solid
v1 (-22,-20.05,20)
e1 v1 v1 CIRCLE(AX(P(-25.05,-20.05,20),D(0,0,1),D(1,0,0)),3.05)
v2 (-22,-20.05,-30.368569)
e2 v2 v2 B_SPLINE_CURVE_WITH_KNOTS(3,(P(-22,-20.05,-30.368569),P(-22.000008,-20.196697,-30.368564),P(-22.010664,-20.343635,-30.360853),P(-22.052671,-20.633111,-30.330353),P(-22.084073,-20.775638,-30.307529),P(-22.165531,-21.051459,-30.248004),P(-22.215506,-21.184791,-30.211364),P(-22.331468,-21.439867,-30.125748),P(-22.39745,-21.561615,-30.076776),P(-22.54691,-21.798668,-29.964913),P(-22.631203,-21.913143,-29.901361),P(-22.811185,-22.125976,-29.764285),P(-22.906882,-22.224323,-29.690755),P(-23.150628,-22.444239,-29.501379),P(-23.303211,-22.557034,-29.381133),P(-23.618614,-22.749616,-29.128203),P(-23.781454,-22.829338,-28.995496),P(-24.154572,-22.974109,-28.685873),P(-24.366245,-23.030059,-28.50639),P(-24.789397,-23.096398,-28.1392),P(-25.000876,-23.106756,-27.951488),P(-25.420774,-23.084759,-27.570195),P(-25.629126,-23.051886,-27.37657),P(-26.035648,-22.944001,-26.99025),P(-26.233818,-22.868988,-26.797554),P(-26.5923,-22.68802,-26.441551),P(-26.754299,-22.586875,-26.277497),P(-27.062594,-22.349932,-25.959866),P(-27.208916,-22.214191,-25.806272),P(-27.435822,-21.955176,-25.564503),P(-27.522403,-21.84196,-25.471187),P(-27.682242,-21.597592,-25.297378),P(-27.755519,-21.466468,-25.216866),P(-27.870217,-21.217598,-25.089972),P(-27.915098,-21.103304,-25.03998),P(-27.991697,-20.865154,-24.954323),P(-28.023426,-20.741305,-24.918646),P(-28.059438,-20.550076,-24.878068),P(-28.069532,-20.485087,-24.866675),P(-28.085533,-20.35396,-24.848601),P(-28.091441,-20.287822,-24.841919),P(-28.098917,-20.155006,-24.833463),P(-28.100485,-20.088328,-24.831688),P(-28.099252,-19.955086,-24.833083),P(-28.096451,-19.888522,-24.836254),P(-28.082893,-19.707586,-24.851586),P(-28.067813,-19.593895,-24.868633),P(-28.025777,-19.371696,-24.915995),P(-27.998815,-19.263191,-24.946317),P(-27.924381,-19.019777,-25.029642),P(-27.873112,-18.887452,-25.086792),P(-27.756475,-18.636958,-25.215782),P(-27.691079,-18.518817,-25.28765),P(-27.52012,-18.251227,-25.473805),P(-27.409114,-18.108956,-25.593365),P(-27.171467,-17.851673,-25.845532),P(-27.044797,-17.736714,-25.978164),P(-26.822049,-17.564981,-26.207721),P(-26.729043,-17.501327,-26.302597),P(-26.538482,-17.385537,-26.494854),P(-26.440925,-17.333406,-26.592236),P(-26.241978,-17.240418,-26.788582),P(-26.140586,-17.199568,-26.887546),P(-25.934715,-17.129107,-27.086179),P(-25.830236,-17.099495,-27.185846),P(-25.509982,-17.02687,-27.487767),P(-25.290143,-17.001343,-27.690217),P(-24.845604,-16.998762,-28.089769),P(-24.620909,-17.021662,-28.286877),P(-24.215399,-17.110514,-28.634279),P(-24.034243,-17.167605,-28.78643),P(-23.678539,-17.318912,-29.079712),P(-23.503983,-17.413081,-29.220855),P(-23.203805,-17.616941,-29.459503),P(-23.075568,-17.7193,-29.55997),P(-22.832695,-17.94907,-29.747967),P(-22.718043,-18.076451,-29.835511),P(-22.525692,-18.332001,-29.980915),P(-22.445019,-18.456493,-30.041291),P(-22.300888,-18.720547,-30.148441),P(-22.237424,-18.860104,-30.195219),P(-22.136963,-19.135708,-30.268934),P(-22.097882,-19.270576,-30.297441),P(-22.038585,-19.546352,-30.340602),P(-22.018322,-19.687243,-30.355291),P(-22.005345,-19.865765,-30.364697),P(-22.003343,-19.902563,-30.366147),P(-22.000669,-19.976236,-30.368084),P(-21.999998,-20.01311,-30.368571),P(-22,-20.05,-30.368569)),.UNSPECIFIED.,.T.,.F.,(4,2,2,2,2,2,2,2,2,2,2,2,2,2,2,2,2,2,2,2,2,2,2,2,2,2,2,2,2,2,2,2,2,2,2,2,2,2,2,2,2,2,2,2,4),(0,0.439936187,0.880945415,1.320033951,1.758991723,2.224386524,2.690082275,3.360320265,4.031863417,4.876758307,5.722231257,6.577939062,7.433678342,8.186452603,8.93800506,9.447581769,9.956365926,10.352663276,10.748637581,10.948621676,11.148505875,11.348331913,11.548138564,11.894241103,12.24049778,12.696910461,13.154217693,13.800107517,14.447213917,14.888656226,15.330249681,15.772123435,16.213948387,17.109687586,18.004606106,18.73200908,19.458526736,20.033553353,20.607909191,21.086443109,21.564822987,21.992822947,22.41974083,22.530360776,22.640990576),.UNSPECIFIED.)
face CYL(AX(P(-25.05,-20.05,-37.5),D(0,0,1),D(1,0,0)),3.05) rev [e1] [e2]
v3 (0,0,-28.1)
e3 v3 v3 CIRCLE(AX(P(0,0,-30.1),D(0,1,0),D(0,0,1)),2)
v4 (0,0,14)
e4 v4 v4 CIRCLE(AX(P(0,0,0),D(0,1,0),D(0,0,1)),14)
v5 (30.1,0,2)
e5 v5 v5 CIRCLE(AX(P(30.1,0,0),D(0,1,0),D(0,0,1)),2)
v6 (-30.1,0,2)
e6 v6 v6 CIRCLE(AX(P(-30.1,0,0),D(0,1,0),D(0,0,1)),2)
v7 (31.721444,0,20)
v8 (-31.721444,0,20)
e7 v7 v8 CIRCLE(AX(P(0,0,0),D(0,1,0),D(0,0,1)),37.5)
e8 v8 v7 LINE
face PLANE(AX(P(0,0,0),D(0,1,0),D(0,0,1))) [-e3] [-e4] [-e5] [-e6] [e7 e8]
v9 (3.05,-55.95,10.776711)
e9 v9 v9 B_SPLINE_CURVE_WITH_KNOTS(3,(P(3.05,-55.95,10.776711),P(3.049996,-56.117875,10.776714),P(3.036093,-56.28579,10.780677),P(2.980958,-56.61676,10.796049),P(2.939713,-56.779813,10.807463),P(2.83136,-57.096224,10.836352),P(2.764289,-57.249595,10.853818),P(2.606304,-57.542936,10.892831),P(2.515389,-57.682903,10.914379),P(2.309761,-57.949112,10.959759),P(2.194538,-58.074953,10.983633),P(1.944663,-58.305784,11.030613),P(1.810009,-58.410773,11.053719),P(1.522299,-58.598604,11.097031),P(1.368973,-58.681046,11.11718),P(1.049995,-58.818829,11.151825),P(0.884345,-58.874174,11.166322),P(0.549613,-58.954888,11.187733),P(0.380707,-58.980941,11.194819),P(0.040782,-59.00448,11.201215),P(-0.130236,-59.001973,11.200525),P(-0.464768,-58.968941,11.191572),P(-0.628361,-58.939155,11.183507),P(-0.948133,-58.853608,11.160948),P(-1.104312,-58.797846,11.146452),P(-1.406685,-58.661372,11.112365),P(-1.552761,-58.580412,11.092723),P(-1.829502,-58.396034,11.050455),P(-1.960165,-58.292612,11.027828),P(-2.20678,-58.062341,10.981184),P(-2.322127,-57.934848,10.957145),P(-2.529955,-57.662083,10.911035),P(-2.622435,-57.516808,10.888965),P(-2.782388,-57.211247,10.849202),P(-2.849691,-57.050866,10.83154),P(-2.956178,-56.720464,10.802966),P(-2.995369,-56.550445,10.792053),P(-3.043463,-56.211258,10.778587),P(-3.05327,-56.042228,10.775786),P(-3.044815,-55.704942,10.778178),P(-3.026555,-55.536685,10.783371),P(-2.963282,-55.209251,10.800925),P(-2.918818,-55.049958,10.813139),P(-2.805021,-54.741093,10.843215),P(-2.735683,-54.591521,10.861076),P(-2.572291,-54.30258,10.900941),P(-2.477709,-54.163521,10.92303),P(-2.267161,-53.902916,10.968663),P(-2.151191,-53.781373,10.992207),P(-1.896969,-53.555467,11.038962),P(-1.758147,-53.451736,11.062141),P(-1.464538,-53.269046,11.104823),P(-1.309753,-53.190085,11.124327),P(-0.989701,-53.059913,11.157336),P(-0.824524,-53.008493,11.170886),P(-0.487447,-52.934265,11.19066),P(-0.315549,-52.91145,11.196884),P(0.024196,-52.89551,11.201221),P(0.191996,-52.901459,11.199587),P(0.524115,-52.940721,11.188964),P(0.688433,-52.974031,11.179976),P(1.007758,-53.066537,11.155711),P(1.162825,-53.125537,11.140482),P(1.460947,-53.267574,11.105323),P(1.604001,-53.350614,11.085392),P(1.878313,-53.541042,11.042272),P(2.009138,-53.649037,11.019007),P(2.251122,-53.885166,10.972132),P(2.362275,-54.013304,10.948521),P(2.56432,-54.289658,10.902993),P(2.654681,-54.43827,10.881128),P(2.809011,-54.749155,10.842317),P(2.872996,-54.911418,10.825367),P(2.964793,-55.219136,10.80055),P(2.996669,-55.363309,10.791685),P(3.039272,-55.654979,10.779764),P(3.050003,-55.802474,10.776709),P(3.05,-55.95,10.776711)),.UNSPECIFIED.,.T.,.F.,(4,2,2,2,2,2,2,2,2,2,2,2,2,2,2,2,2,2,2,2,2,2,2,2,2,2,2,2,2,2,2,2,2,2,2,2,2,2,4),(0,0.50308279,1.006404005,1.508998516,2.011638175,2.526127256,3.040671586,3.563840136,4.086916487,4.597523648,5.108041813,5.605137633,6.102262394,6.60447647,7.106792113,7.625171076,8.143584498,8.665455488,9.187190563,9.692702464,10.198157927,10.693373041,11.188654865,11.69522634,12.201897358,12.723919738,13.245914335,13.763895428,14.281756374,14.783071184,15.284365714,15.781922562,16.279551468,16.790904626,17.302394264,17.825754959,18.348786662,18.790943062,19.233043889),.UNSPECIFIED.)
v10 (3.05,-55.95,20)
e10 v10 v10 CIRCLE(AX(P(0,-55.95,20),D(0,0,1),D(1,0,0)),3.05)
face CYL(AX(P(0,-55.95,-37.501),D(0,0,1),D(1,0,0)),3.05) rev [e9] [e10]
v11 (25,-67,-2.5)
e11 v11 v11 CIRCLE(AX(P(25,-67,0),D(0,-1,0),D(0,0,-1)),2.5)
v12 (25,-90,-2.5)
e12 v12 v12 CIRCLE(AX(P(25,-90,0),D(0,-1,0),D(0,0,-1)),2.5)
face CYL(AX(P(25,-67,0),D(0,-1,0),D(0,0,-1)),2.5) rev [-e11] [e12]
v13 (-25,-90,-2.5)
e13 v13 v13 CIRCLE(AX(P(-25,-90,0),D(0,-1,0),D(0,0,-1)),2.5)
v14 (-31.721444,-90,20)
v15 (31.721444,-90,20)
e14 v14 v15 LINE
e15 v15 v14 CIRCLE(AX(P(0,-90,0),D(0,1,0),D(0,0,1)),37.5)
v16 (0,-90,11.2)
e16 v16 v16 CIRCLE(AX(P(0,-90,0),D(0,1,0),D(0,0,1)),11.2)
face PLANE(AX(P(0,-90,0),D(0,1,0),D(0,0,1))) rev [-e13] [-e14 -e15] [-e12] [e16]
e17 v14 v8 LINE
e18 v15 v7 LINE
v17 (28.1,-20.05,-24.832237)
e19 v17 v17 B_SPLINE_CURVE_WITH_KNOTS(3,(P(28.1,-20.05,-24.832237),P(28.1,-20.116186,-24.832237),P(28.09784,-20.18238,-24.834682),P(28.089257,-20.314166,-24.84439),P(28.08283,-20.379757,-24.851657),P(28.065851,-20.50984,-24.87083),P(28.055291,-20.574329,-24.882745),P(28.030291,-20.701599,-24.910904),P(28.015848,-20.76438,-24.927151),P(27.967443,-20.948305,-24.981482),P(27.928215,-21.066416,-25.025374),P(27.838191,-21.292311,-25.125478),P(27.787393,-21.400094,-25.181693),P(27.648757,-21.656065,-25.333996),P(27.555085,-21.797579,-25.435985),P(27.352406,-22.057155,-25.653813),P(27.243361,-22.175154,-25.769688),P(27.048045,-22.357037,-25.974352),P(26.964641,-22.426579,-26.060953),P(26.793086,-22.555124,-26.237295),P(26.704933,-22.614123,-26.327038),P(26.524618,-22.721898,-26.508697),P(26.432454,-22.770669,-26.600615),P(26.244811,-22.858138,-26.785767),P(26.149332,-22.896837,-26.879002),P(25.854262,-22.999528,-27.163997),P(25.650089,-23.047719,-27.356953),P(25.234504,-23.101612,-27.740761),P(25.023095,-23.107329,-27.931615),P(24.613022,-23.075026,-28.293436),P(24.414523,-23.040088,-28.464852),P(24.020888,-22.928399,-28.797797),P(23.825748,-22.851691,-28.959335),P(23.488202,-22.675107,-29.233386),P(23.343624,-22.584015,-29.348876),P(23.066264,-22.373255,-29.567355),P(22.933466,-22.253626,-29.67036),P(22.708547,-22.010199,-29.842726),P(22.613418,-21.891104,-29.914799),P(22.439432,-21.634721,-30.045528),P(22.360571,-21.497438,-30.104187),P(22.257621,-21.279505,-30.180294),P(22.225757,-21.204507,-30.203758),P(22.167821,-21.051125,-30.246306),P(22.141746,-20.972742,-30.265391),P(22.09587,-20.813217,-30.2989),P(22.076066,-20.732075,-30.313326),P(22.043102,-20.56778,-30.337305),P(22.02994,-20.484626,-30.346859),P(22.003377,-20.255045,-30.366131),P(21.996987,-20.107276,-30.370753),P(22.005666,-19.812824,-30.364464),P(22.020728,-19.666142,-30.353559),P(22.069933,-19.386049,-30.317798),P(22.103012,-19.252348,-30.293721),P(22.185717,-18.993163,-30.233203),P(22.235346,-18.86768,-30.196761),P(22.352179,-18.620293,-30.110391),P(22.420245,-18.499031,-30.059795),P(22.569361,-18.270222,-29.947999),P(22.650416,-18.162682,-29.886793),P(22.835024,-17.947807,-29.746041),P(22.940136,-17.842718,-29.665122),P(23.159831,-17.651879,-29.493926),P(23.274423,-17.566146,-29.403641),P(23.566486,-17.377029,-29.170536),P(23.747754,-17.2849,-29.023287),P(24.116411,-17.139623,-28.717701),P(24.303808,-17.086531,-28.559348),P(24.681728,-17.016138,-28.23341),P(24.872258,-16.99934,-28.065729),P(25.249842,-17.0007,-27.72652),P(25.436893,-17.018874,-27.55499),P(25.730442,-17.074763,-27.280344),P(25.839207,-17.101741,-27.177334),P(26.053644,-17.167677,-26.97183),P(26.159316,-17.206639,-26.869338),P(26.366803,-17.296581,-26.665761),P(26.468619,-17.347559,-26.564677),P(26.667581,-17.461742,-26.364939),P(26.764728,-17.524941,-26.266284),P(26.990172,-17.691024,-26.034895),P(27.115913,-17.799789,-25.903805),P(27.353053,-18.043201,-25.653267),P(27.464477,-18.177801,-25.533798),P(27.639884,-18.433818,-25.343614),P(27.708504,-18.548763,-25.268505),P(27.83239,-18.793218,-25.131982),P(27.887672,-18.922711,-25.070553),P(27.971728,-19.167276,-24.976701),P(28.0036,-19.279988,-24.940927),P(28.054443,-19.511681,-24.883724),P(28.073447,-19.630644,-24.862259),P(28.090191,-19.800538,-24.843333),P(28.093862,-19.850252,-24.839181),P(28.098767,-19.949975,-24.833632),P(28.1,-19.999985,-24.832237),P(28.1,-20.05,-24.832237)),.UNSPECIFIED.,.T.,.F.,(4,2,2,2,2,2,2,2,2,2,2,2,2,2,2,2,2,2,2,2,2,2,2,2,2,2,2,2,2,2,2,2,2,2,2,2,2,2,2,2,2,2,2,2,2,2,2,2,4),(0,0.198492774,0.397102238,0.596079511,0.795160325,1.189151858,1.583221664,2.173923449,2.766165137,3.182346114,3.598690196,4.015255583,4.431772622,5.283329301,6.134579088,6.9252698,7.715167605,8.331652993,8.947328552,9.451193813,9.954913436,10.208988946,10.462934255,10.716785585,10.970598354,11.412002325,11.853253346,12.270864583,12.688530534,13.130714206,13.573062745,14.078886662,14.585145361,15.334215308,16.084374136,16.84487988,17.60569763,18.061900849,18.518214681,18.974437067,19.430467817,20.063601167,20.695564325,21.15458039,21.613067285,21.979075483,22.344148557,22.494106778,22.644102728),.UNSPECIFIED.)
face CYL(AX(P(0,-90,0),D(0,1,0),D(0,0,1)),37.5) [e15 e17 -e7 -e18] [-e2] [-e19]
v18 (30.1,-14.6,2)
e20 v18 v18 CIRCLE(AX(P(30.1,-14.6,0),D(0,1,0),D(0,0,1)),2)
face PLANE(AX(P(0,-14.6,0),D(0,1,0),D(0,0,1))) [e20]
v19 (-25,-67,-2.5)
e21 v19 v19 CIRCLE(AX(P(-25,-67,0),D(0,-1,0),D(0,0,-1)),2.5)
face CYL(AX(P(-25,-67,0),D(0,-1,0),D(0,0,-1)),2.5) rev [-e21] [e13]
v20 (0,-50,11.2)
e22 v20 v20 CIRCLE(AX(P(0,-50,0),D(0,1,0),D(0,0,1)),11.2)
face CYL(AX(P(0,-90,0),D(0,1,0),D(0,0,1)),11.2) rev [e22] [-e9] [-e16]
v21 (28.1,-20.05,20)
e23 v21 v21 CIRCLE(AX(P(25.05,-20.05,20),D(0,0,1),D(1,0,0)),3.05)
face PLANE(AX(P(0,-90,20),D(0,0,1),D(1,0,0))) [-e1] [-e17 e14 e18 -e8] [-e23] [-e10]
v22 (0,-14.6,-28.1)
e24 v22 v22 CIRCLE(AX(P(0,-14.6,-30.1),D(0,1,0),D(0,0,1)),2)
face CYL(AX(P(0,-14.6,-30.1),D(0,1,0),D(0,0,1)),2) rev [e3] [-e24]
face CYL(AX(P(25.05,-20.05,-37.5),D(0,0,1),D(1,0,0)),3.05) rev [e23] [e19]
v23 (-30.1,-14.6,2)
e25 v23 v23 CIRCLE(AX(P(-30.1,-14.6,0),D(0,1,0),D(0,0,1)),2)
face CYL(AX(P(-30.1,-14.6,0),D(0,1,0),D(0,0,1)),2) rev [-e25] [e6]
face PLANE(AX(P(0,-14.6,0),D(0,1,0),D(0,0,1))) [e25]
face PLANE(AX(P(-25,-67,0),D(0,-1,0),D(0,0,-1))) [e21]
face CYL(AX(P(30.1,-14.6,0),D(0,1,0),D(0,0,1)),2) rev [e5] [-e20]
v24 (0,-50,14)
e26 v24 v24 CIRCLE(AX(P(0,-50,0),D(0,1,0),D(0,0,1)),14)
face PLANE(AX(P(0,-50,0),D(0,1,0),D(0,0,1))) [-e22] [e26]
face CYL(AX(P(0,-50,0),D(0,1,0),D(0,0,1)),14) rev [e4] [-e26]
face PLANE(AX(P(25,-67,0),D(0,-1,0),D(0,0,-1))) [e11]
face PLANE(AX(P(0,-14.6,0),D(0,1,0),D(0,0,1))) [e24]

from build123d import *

# Parameters (mm, degrees)
SKETCH1_R             = 11.2
BOSS_EXTRUDE1_DEPTH   = 90
SKETCH1_3_R           = 2
CORTE_EXTRUS_O1_DEPTH = 14.6
SKETCH1_4_R           = 14
SKETCH1_4_R_2         = 11.2
CORTE_EXTRUS_O2_DEPTH = 50
ESBO_O1_R             = 2.5
CORTE_EXTRUS_O3_DEPTH = 23
ESBO_O2_R             = 3.05
CORTE_EXTRUS_O4_DEPTH = 114.192314227
CORTE_EXTRUS_O5_REACH = 115.192


with BuildPart() as part:
    # Sketch1 → Boss-Extrude1 (new body)
    with BuildSketch(Plane(origin=(0, 0, 0), x_dir=(1, 0, 0), z_dir=(0, 1, 0))):
        with BuildLine():
            Line((-31.721443851, -20), (31.721443851, -20))
            ThreePointArc((31.721443851, -20), (0, 37.5), (-31.721443851, -20))
        make_face()
        Circle(SKETCH1_R, mode=Mode.SUBTRACT)
    extrude(amount=-BOSS_EXTRUDE1_DEPTH)

    # Sketch1_3 → Corte-extrus_o1 (cut)
    with BuildSketch(Plane(origin=(0, 0, 0), x_dir=(1, 0, 0), z_dir=(0, 1, 0))):
        with Locations((-30.1, 0)):
            Circle(SKETCH1_3_R)
        with Locations((30.1, 0)):
            Circle(SKETCH1_3_R)
        with Locations((0, 30.1)):
            Circle(SKETCH1_3_R)
    extrude(amount=-CORTE_EXTRUS_O1_DEPTH, mode=Mode.SUBTRACT)

    # Sketch1_4 → Corte-extrus_o2 (cut)
    with BuildSketch(Plane(origin=(0, 0, 0), x_dir=(1, 0, 0), z_dir=(0, 1, 0))):
        Circle(SKETCH1_4_R)
        Circle(SKETCH1_4_R_2, mode=Mode.SUBTRACT)
    extrude(amount=-CORTE_EXTRUS_O2_DEPTH, mode=Mode.SUBTRACT)

    # Esbo_o1 → Corte-extrus_o3 (cut)
    with BuildSketch(Plane.XZ.offset(90)):
        with Locations((-25, 0)):
            Circle(ESBO_O1_R)
        with Locations((25, 0)):
            Circle(ESBO_O1_R)
    extrude(amount=-CORTE_EXTRUS_O3_DEPTH, mode=Mode.SUBTRACT)

    # Esbo_o2 → Corte-extrus_o4 (cut, through all)
    with BuildSketch(Plane.XY.offset(20)):
        with Locations((-25.05, -20.05)):
            Circle(ESBO_O2_R)
        with Locations((25.05, -20.05)):
            Circle(ESBO_O2_R)
    extrude(amount=-CORTE_EXTRUS_O4_DEPTH, mode=Mode.SUBTRACT)

    # Esbo_o2_3 → Corte-extrus_o5 (cut, up to next)
    with BuildSketch(Plane.XY.offset(20), mode=Mode.PRIVATE) as corte_extrus_o5_sk1:
        with BuildLine():
            ThreePointArc((0, -59), (2.156675683, -58.106675683), (3.05, -55.95))
            ThreePointArc((3.05, -55.95), (-2.156675683, -53.793324317), (0, -59))
        make_face()
    corte_extrus_o5_tool1 = extrude(corte_extrus_o5_sk1.sketch, amount=-CORTE_EXTRUS_O5_REACH, mode=Mode.PRIVATE) & part.part
    add(corte_extrus_o5_tool1.solids().sort_by_distance((0, -55.95, 20))[0], mode=Mode.SUBTRACT)


solid = part.part
